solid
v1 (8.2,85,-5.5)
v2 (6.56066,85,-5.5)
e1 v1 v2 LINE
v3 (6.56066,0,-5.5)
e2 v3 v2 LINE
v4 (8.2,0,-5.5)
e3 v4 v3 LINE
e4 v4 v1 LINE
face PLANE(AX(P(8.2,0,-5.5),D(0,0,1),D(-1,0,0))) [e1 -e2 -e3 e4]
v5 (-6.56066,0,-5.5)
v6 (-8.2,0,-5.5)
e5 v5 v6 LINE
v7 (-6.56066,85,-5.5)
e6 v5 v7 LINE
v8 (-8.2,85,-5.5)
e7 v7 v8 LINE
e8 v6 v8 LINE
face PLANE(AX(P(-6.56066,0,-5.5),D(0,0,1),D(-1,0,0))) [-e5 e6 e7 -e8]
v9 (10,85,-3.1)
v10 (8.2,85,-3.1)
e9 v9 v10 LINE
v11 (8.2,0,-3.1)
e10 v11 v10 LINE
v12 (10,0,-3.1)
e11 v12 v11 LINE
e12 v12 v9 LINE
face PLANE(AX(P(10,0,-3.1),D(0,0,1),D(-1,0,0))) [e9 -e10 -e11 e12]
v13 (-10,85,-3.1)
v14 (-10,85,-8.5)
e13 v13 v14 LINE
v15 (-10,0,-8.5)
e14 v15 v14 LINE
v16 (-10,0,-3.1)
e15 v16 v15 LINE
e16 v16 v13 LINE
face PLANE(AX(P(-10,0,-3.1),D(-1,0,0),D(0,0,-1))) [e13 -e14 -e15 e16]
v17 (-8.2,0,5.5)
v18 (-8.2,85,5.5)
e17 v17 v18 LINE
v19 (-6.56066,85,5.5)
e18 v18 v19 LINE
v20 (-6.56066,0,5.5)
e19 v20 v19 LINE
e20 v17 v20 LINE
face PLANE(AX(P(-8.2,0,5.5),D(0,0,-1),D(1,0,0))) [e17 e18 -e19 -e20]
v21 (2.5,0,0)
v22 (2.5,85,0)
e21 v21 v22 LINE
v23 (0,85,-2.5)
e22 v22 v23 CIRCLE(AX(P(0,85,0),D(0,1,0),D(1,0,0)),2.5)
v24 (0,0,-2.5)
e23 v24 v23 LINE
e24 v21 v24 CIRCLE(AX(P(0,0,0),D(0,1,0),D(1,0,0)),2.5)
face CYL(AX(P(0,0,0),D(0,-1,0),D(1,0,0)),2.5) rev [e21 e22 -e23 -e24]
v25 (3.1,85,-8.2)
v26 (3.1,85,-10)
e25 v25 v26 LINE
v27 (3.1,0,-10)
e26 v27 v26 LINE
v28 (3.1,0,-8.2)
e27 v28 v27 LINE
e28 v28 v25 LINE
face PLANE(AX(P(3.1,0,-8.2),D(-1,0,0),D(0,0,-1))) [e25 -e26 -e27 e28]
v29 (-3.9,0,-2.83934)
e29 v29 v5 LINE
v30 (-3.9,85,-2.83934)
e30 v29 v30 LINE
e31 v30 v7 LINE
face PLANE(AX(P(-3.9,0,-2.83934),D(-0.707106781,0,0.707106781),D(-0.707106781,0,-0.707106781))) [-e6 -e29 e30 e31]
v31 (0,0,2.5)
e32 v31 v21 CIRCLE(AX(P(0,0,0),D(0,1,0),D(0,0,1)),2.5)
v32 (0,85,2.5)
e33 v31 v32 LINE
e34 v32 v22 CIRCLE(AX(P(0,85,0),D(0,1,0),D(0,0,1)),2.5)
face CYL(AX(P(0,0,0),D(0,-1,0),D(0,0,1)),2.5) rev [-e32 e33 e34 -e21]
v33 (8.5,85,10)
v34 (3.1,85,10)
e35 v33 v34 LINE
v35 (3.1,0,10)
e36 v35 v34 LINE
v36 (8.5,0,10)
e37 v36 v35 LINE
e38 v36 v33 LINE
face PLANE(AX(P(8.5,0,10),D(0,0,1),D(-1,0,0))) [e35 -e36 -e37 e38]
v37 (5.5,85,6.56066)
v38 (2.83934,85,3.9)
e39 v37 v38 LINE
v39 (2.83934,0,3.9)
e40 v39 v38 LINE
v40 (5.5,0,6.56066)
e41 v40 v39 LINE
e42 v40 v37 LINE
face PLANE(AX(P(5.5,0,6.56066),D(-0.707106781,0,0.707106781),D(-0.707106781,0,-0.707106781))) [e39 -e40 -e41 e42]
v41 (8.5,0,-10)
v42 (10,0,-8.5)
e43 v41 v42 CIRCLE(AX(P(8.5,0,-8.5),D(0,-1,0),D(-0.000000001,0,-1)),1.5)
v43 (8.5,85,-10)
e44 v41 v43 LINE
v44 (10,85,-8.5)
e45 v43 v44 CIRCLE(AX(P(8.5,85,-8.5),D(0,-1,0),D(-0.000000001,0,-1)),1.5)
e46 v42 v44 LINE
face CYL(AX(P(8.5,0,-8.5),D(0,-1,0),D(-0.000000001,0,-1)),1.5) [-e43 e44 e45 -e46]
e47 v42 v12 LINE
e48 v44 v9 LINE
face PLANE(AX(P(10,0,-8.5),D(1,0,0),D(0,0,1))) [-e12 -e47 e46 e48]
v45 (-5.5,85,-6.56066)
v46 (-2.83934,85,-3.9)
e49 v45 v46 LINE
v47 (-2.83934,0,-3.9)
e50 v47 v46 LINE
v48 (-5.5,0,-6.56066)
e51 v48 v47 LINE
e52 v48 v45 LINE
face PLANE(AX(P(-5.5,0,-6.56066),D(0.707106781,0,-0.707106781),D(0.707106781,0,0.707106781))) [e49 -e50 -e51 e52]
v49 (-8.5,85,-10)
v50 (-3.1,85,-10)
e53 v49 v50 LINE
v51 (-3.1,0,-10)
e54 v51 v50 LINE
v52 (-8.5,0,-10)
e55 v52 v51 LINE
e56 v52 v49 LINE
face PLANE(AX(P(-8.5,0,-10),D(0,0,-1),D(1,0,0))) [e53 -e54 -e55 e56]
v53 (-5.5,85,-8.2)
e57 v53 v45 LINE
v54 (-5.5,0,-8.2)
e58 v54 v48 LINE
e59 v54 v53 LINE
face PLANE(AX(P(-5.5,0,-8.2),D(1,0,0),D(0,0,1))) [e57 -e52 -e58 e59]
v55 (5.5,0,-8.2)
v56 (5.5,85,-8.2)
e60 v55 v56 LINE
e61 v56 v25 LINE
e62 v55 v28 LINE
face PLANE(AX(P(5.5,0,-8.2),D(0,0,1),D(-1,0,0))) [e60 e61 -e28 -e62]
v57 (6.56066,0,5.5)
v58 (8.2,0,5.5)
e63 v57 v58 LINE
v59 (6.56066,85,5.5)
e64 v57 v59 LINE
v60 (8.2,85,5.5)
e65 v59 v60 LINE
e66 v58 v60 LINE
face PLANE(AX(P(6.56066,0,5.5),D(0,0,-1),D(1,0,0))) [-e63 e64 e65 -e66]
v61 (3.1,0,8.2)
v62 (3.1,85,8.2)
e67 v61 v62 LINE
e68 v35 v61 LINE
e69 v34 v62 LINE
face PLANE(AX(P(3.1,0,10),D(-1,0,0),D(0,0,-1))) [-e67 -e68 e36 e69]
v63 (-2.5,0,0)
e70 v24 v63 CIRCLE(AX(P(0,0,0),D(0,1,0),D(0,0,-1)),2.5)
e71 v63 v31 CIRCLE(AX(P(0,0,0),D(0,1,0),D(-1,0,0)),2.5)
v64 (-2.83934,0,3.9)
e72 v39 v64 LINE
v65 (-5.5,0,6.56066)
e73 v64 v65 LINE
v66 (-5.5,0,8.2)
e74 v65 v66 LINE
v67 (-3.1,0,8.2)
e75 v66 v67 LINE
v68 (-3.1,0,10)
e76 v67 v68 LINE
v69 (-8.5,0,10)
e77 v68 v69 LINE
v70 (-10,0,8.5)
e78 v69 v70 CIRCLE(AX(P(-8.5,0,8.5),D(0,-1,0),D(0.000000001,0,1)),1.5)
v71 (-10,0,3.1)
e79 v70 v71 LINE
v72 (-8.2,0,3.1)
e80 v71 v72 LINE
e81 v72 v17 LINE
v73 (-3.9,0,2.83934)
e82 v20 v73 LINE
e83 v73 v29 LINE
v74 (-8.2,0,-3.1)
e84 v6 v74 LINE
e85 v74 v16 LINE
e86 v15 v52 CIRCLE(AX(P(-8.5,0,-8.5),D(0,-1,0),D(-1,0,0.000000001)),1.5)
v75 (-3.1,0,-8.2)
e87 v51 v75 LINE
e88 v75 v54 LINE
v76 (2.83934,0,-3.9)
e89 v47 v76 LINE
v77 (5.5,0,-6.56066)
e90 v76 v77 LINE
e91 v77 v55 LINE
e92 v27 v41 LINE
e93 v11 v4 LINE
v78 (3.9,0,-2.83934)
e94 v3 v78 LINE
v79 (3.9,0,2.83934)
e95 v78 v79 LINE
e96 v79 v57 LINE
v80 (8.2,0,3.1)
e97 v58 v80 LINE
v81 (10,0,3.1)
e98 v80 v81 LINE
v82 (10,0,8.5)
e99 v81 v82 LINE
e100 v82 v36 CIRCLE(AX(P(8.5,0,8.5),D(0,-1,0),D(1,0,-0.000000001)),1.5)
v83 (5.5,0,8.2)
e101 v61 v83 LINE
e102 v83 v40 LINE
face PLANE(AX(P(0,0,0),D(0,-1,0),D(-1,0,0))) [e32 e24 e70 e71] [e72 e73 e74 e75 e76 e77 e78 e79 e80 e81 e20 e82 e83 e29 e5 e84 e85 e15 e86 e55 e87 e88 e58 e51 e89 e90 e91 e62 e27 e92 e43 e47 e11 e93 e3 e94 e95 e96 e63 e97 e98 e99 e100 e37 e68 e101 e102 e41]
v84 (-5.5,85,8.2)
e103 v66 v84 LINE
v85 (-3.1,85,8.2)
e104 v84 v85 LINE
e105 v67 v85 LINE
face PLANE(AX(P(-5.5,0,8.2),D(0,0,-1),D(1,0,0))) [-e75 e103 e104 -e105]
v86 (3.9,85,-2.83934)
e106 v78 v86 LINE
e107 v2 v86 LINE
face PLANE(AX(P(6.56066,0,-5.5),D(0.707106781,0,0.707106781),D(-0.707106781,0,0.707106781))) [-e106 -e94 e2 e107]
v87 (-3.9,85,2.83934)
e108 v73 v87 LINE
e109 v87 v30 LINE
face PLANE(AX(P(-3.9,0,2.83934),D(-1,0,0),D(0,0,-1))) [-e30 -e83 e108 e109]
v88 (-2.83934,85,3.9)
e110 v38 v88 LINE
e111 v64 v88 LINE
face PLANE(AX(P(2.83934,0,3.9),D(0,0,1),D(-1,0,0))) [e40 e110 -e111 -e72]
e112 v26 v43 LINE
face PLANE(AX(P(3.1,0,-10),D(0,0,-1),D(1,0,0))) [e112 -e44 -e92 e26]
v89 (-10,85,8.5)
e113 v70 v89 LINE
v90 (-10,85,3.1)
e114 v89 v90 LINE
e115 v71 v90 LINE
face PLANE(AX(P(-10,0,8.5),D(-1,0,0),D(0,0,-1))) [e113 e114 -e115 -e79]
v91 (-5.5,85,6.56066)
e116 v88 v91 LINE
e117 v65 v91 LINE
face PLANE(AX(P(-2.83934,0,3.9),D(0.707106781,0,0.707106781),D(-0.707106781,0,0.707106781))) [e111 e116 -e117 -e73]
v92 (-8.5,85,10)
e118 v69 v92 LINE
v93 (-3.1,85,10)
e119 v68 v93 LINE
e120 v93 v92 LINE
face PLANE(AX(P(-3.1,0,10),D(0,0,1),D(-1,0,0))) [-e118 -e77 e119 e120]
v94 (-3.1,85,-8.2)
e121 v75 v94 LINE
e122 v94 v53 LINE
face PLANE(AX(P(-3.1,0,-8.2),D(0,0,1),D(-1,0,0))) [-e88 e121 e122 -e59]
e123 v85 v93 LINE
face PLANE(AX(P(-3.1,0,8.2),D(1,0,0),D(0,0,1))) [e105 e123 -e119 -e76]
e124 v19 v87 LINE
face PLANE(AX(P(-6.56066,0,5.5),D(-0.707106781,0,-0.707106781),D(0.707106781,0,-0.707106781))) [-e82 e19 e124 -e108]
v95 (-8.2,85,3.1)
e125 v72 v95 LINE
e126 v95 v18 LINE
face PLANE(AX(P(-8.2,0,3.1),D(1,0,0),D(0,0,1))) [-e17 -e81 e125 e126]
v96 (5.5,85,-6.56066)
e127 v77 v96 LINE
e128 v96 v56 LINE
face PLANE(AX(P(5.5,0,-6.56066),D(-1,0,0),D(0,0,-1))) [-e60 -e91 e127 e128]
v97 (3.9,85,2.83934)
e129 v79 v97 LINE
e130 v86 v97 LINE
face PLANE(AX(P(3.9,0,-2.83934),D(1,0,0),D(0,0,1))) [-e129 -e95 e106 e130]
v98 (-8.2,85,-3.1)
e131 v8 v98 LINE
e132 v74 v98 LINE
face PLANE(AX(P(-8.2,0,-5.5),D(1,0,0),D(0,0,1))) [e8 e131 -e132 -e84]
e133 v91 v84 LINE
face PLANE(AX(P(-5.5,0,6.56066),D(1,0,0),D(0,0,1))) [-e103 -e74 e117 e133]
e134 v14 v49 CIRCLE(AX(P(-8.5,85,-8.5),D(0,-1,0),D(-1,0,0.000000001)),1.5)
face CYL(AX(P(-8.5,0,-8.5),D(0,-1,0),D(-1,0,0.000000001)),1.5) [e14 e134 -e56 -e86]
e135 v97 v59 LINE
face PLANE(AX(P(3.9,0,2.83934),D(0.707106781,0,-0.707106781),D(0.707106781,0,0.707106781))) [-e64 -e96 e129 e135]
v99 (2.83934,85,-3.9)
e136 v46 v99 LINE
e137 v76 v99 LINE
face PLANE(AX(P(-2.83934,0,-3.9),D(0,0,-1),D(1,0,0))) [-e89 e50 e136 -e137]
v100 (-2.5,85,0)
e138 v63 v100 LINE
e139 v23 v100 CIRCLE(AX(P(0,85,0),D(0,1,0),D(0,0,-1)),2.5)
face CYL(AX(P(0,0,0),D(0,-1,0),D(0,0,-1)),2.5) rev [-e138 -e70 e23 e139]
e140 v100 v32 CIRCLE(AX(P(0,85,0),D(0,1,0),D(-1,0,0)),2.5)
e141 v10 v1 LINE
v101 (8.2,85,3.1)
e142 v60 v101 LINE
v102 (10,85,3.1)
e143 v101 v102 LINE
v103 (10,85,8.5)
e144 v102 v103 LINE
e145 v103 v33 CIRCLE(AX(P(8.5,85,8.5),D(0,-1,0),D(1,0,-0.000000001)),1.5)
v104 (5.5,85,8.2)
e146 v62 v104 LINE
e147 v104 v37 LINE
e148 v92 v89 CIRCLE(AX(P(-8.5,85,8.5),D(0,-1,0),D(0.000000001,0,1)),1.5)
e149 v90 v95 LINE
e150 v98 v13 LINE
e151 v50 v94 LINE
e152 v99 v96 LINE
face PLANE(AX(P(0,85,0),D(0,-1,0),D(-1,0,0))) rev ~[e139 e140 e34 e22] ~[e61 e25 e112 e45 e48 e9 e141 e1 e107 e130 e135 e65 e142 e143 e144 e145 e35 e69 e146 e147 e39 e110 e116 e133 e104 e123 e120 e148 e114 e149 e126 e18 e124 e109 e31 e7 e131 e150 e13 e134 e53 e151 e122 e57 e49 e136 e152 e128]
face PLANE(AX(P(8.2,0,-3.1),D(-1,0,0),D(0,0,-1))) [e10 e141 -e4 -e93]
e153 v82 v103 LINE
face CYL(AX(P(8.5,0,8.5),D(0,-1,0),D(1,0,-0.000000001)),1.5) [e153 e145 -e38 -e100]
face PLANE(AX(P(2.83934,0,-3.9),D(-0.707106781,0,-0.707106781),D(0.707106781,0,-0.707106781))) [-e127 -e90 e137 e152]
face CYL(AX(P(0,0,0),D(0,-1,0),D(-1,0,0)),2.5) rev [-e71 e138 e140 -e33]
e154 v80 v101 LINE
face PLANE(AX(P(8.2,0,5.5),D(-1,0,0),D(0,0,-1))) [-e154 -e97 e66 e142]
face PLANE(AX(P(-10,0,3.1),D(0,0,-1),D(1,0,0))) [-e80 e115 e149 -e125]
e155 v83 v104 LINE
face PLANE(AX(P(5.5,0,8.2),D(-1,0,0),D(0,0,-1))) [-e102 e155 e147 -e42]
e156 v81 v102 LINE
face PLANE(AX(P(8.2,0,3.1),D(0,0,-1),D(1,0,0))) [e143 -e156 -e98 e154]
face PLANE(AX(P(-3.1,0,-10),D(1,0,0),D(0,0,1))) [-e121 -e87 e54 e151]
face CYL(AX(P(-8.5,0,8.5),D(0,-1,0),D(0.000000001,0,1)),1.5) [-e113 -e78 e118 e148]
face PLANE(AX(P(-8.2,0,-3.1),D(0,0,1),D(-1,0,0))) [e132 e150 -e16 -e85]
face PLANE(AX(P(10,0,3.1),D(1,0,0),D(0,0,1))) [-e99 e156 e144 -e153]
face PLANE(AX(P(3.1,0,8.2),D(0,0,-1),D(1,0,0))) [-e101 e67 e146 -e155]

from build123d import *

# Parameters (mm, degrees)
DODANIE_WYCI_GNI_CIE1_DEPTH = 85


with BuildPart() as part:
    # Szkic1 → Dodanie-wyciągnięcie1 (new body)
    with BuildSketch(Plane(origin=(0, 0, 0), x_dir=(1, 0, 0), z_dir=(0, 1, 0))):
        with BuildLine():
            Line((0, 3.9), (2.839339828, 3.9))
            Line((2.839339828, 3.9), (5.5, 6.560660172))
            Line((5.5, 6.560660172), (5.5, 8.2))
            Line((5.5, 8.2), (3.1, 8.2))
            Line((3.1, 8.2), (3.1, 10))
            Line((3.1, 10), (8.5, 10))
            ThreePointArc((8.5, 10), (9.560660172, 9.560660172), (10, 8.5))
            Line((10, 8.5), (10, 3.1))
            Line((10, 3.1), (8.2, 3.1))
            Line((8.2, 3.1), (8.2, 5.5))
            Line((8.2, 5.5), (6.560660172, 5.5))
            Line((6.560660172, 5.5), (3.9, 2.839339828))
            Line((3.9, 2.839339828), (3.9, 0))
            Line((3.9, 0), (3.9, -2.839339828))
            Line((3.9, -2.839339828), (6.560660172, -5.5))
            Line((6.560660172, -5.5), (8.2, -5.5))
            Line((8.2, -5.5), (8.2, -3.1))
            Line((8.2, -3.1), (10, -3.1))
            Line((10, -3.1), (10, -8.5))
            ThreePointArc((10, -8.5), (9.560660172, -9.560660172), (8.5, -10))
            Line((8.5, -10), (3.1, -10))
            Line((3.1, -10), (3.1, -8.2))
            Line((3.1, -8.2), (5.5, -8.2))
            Line((5.5, -8.2), (5.5, -6.560660172))
            Line((5.5, -6.560660172), (2.839339828, -3.9))
            Line((2.839339828, -3.9), (0, -3.9))
            Line((0, -3.9), (-2.839339828, -3.9))
            Line((-2.839339828, -3.9), (-5.5, -6.560660172))
            Line((-5.5, -6.560660172), (-5.5, -8.2))
            Line((-5.5, -8.2), (-3.1, -8.2))
            Line((-3.1, -8.2), (-3.1, -10))
            Line((-3.1, -10), (-8.5, -10))
            ThreePointArc((-8.5, -10), (-9.560660172, -9.560660172), (-10, -8.5))
            Line((-10, -8.5), (-10, -3.1))
            Line((-10, -3.1), (-8.2, -3.1))
            Line((-8.2, -3.1), (-8.2, -5.5))
            Line((-8.2, -5.5), (-6.560660172, -5.5))
            Line((-6.560660172, -5.5), (-3.9, -2.839339828))
            Line((-3.9, -2.839339828), (-3.9, 0))
            Line((-3.9, 0), (-3.9, 2.839339828))
            Line((-3.9, 2.839339828), (-6.560660172, 5.5))
            Line((-6.560660172, 5.5), (-8.2, 5.5))
            Line((-8.2, 5.5), (-8.2, 3.1))
            Line((-8.2, 3.1), (-10, 3.1))
            Line((-10, 3.1), (-10, 8.5))
            ThreePointArc((-10, 8.5), (-9.560660172, 9.560660172), (-8.5, 10))
            Line((-8.5, 10), (-3.1, 10))
            Line((-3.1, 10), (-3.1, 8.2))
            Line((-3.1, 8.2), (-5.5, 8.2))
            Line((-5.5, 8.2), (-5.5, 6.560660172))
            Line((-5.5, 6.560660172), (-2.839339828, 3.9))
            Line((-2.839339828, 3.9), (0, 3.9))
        make_face()
        with BuildLine():
            ThreePointArc((2.5, 0), (1.767766953, 1.767766953), (0, 2.5))
            ThreePointArc((0, 2.5), (-1.767766953, 1.767766953), (-2.5, 0))
            ThreePointArc((-2.5, 0), (-1.767766953, -1.767766953), (0, -2.5))
            ThreePointArc((0, -2.5), (1.767766953, -1.767766953), (2.5, 0))
        make_face(mode=Mode.SUBTRACT)
    extrude(amount=DODANIE_WYCI_GNI_CIE1_DEPTH)


solid = part.part
